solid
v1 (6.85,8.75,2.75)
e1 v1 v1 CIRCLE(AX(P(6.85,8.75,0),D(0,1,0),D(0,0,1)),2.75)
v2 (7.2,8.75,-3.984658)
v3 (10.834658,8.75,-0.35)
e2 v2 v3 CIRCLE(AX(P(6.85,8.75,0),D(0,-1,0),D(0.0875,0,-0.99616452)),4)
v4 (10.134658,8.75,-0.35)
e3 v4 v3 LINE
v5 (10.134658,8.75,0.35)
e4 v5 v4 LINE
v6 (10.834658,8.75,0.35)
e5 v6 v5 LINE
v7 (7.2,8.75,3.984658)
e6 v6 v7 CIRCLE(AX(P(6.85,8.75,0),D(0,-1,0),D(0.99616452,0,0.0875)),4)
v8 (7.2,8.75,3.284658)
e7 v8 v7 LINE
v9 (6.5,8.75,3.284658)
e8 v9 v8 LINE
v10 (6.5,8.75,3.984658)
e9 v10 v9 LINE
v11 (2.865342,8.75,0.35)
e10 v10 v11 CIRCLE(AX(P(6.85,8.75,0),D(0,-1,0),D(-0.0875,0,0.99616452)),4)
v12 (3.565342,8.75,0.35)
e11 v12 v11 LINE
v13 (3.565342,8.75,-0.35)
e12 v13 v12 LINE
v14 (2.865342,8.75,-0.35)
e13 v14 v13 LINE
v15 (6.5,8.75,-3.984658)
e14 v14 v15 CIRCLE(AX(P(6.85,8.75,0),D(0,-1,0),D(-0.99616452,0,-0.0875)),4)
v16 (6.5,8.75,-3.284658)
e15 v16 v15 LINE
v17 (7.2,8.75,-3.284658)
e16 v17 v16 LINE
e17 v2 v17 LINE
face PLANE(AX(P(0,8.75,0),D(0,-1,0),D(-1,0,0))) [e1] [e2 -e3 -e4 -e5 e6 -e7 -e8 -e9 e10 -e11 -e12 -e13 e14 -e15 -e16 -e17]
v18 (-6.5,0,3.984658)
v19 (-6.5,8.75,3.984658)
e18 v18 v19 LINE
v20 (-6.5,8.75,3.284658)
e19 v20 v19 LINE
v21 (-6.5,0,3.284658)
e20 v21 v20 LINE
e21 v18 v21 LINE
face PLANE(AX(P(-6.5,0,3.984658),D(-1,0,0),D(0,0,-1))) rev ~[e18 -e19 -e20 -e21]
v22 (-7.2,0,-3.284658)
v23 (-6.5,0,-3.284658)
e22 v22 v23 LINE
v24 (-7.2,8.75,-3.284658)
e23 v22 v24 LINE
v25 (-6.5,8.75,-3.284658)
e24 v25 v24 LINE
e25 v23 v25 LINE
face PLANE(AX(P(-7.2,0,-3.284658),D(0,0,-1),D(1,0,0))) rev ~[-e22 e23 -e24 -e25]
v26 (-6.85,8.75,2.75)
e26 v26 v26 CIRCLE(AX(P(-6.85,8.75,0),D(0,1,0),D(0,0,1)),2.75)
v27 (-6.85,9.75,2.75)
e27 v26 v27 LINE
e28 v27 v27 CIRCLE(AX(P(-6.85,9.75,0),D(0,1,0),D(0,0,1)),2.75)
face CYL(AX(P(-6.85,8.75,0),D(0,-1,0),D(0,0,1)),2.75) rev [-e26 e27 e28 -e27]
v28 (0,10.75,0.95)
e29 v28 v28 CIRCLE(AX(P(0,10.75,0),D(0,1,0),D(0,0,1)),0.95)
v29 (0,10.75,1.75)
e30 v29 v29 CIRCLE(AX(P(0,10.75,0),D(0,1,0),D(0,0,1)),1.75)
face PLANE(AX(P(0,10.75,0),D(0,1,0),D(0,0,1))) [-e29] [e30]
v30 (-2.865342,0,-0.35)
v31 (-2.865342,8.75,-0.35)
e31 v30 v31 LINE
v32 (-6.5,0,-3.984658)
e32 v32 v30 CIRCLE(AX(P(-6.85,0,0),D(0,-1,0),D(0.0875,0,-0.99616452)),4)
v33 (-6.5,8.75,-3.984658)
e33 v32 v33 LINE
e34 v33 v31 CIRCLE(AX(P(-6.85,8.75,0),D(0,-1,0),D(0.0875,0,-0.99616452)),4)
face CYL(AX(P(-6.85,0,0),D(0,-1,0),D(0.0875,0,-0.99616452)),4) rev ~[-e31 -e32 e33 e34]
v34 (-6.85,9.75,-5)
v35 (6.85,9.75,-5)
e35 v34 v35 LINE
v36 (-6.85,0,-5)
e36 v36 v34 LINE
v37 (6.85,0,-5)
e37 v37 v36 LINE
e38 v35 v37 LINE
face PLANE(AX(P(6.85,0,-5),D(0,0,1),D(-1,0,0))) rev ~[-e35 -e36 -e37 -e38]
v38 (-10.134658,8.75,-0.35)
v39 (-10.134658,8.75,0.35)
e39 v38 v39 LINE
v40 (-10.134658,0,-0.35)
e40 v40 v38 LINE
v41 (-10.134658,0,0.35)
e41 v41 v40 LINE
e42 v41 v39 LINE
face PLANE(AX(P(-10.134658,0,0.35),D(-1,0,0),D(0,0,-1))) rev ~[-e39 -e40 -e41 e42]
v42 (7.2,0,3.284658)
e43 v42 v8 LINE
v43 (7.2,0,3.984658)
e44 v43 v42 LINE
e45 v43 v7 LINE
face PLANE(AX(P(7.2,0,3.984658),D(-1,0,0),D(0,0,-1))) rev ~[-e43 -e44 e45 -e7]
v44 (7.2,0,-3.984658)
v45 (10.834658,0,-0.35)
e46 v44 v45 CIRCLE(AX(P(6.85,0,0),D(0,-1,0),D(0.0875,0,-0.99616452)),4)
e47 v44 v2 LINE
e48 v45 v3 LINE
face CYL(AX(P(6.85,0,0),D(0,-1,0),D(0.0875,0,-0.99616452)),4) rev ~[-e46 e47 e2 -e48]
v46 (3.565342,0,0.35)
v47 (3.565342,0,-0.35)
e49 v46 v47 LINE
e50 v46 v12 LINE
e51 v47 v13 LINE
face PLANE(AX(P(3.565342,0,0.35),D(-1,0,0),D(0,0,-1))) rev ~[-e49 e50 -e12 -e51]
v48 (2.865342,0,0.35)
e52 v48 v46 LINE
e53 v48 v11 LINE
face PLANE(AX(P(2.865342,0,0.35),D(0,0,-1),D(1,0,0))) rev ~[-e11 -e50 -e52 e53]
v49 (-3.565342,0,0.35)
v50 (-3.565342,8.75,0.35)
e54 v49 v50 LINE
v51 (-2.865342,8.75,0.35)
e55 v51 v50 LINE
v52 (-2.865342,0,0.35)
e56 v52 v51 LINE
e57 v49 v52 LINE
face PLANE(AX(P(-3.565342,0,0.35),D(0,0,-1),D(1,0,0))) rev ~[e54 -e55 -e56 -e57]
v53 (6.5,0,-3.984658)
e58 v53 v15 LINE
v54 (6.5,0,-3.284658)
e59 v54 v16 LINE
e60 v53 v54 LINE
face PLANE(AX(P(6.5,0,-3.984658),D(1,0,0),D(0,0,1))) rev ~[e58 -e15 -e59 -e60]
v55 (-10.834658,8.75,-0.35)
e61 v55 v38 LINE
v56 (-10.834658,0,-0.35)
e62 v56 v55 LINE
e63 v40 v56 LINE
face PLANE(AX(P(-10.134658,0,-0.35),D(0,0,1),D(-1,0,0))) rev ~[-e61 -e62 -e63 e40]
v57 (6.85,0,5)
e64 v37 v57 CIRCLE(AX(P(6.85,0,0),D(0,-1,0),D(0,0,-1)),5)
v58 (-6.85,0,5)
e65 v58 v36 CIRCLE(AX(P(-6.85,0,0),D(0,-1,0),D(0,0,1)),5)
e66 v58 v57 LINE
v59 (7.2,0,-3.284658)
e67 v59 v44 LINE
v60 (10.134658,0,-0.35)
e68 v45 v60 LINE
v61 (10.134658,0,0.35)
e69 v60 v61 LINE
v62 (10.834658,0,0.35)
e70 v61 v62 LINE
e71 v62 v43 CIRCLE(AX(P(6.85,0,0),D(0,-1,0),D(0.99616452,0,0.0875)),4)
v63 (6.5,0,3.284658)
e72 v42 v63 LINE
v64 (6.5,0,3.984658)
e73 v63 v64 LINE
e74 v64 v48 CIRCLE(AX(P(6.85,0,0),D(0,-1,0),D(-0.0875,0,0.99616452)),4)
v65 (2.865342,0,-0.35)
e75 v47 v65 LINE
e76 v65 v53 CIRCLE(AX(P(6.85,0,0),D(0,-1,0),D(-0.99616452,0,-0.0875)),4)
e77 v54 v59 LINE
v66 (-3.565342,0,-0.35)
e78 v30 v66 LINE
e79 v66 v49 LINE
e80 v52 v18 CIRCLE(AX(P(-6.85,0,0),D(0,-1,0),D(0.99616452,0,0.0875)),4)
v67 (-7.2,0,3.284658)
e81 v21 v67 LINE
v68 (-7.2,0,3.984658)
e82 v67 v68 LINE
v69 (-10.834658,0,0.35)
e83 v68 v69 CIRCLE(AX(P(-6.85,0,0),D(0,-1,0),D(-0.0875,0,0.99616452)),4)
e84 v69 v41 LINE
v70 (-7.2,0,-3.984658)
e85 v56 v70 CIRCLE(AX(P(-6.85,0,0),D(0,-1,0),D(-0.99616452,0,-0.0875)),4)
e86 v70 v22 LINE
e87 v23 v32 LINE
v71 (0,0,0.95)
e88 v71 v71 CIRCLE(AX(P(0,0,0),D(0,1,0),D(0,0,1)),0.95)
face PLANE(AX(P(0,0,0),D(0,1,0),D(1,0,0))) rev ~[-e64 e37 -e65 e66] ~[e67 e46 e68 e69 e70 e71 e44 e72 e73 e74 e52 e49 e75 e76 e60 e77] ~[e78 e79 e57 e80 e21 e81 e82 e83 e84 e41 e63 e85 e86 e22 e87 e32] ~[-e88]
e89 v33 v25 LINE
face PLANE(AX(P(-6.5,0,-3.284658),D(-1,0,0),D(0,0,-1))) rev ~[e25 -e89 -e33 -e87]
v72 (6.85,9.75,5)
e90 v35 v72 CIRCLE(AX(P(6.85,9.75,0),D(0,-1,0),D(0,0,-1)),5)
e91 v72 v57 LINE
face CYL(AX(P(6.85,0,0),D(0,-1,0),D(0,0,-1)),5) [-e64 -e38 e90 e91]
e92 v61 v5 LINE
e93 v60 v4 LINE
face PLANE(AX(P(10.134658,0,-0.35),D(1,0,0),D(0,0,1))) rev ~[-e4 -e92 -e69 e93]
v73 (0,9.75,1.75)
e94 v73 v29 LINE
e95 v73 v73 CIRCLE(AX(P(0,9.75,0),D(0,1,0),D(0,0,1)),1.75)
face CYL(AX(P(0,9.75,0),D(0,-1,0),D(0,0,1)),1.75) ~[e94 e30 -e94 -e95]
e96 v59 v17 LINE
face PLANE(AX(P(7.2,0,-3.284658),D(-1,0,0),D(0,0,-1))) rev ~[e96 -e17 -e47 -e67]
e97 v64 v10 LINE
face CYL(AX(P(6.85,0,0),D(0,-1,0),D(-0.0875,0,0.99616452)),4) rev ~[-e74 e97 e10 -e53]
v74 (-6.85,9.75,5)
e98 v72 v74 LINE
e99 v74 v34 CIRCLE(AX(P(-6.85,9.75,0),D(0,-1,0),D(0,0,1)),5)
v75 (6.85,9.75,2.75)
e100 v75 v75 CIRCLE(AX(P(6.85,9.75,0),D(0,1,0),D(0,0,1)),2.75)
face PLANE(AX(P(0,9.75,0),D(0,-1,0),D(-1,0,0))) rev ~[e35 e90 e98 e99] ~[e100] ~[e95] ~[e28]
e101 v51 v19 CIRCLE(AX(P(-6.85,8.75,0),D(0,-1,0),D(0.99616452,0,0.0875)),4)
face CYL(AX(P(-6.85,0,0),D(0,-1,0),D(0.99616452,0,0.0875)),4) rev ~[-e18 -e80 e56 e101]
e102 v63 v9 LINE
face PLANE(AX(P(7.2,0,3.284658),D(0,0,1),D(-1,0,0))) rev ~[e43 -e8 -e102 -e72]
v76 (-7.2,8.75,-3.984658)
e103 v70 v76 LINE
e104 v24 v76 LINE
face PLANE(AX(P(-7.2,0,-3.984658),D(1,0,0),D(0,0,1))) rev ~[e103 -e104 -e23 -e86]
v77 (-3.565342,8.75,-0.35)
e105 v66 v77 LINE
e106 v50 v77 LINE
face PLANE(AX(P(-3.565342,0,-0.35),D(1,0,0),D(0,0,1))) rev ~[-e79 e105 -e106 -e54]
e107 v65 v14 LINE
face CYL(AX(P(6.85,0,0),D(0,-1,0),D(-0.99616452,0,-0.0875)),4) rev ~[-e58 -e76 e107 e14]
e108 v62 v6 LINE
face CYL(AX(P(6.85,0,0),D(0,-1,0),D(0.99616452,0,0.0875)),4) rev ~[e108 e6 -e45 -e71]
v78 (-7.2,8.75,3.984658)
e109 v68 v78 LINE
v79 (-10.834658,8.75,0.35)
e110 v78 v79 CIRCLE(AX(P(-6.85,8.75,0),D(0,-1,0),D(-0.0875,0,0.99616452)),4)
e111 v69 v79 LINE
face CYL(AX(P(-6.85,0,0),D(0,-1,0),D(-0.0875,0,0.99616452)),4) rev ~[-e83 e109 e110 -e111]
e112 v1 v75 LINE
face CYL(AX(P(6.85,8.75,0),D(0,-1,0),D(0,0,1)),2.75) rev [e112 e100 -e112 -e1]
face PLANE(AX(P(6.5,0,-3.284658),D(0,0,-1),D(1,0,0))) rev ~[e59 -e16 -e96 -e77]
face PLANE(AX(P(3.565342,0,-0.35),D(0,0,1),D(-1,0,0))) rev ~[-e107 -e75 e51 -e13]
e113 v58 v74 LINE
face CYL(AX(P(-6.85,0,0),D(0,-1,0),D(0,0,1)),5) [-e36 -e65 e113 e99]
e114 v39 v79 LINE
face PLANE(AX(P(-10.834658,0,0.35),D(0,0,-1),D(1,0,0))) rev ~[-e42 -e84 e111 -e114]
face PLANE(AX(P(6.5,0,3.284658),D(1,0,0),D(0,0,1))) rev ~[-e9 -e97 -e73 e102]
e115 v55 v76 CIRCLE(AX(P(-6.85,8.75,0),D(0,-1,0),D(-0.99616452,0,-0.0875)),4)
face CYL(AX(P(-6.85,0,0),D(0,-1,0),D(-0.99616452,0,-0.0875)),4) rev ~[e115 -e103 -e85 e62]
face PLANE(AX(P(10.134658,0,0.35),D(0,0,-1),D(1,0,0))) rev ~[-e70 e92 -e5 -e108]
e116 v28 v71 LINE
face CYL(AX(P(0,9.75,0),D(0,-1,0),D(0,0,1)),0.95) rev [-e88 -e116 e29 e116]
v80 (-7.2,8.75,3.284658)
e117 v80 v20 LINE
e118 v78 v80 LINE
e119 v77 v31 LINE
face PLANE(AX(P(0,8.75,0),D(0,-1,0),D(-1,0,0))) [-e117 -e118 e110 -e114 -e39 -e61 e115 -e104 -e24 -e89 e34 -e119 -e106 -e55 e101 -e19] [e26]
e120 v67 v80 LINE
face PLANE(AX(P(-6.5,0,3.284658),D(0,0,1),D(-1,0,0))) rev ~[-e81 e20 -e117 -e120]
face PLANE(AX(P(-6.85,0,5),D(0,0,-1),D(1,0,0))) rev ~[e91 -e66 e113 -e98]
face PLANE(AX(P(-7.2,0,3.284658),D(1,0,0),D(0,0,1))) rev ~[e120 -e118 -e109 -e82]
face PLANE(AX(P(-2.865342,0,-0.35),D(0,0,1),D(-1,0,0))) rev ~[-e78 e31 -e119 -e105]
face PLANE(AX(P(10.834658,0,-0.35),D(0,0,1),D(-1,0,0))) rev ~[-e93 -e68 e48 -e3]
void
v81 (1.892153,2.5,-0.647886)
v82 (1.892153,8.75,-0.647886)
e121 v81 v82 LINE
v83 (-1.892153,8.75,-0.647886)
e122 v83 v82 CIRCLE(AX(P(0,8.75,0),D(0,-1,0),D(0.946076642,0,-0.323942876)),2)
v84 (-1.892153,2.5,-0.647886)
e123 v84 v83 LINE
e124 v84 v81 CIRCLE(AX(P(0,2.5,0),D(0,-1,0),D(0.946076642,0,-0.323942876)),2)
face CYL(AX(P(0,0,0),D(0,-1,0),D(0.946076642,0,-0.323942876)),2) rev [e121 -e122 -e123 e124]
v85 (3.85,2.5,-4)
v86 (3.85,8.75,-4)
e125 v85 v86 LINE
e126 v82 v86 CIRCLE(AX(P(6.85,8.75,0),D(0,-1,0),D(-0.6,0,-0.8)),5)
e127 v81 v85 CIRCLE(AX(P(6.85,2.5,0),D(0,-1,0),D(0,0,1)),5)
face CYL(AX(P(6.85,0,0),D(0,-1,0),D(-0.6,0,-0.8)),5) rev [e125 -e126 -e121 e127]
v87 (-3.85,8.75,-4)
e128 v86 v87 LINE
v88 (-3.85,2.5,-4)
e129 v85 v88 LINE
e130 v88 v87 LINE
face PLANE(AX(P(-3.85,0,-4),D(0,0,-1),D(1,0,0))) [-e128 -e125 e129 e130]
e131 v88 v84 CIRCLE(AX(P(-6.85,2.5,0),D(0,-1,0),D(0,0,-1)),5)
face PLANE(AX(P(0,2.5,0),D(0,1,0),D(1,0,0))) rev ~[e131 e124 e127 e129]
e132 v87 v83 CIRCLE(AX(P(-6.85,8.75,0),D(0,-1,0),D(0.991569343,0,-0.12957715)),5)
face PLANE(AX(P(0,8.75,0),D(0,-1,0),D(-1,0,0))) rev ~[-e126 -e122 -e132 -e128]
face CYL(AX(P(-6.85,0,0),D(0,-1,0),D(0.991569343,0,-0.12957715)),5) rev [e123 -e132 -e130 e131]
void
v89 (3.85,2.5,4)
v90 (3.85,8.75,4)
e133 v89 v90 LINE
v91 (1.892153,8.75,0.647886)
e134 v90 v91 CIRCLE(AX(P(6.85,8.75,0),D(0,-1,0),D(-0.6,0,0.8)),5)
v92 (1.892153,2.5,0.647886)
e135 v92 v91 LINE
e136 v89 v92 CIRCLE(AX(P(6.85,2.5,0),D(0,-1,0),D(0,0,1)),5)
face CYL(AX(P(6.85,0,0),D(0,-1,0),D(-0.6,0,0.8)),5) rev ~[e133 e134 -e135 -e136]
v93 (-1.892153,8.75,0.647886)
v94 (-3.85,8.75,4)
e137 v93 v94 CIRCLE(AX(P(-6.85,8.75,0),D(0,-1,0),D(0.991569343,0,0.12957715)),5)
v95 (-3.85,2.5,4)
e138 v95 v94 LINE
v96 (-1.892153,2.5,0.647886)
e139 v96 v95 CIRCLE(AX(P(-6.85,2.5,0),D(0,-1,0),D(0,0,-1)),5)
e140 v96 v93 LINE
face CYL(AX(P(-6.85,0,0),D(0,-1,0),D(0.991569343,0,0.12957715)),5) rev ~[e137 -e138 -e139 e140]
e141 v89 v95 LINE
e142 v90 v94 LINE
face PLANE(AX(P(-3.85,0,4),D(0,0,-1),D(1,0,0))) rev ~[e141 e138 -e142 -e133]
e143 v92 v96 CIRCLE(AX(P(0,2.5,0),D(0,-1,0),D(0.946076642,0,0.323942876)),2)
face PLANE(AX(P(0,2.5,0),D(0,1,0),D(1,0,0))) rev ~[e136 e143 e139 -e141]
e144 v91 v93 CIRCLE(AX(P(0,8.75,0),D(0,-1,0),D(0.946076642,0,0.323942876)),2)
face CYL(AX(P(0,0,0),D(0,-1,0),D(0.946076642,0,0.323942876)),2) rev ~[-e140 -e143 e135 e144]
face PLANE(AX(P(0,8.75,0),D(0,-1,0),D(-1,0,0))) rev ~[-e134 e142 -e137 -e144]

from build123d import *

# Parameters (mm, degrees)
SKETCH1_R           = 0.95
BOSS_EXTRUDE1_DEPTH = 2.5
SKETCH2_R           = 0.95
BOSS_EXTRUDE2_DEPTH = 9.75
BOSS_EXTRUDE3_START = -1
SKETCH3_R           = 0.95
SKETCH3_R_2         = 2.75
BOSS_EXTRUDE3_DEPTH = 1
SKETCH4_R           = 1.75
SKETCH4_R_2         = 0.95
BOSS_EXTRUDE4_DEPTH = 1


with BuildPart() as part:
    # Sketch1 → Boss-Extrude1 (new body)
    with BuildSketch(Plane(origin=(0, 0, 0), x_dir=(1, 0, 0), z_dir=(0, 1, 0))):
        with BuildLine():
            Line((6.85, 5), (2.25, 5))
            Line((2.25, 5), (-2.25, 5))
            Line((-2.25, 5), (-6.85, 5))
            ThreePointArc((-6.85, 5), (-1.85, 0), (-6.85, -5))
            Line((-6.85, -5), (-2.35, -5))
            Line((-2.35, -5), (2.35, -5))
            Line((2.35, -5), (6.85, -5))
            ThreePointArc((6.85, -5), (1.85, 0), (6.85, 5))
        make_face()
        with Locations(Location((0, 0, 0), (0, 0, 270))):
            Circle(SKETCH1_R, mode=Mode.SUBTRACT)
    extrude(amount=BOSS_EXTRUDE1_DEPTH)

    # Sketch2 → Boss-Extrude2 (add)
    with BuildSketch(Plane(origin=(0, 0, 0), x_dir=(1, 0, 0), z_dir=(0, 1, 0))):
        with BuildLine():
            Line((-6.85, 5), (6.85, 5))
            ThreePointArc((6.85, 5), (11.85, 0), (6.85, -5))
            Line((6.85, -5), (-6.85, -5))
            ThreePointArc((-6.85, -5), (-11.85, 0), (-6.85, 5))
        make_face()
        with Locations(Location((0, 0, 0), (0, 0, 270))):
            Circle(SKETCH2_R, mode=Mode.SUBTRACT)
        with BuildLine():
            Line((-7.2, 3.984658078), (-7.2, 3.284658078))
            Line((-7.2, 3.284658078), (-6.5, 3.284658078))
            Line((-6.5, 3.284658078), (-6.5, 3.984658078))
            ThreePointArc((-6.5, 3.984658078), (-4.021572875, 2.828427125), (-2.865341922, 0.35))
            Line((-2.865341922, 0.35), (-3.565341922, 0.35))
            Line((-3.565341922, 0.35), (-3.565341922, -0.35))
            Line((-3.565341922, -0.35), (-2.865341922, -0.35))
            ThreePointArc((-2.865341922, -0.35), (-4.021572875, -2.828427125), (-6.5, -3.984658078))
            Line((-6.5, -3.984658078), (-6.5, -3.284658078))
            Line((-6.5, -3.284658078), (-7.2, -3.284658078))
            Line((-7.2, -3.284658078), (-7.2, -3.984658078))
            ThreePointArc((-7.2, -3.984658078), (-9.678427125, -2.828427125), (-10.834658078, -0.35))
            Line((-10.834658078, -0.35), (-10.134658078, -0.35))
            Line((-10.134658078, -0.35), (-10.134658078, 0.35))
            Line((-10.134658078, 0.35), (-10.834658078, 0.35))
            ThreePointArc((-10.834658078, 0.35), (-9.678427125, 2.828427125), (-7.2, 3.984658078))
        make_face(mode=Mode.SUBTRACT)
        with BuildLine():
            Line((-3.85, 4), (3.85, 4))
            ThreePointArc((3.85, 4), (2.532477728, 2.521706056), (1.892153285, 0.647885752))
            ThreePointArc((1.892153285, 0.647885752), (0, 2), (-1.892153285, 0.647885752))
            ThreePointArc((-1.892153285, 0.647885752), (-2.532477728, 2.521706056), (-3.85, 4))
        make_face(mode=Mode.SUBTRACT)
        with BuildLine():
            Line((-3.85, -4), (3.85, -4))
            ThreePointArc((3.85, -4), (2.532477728, -2.521706056), (1.892153285, -0.647885752))
            ThreePointArc((1.892153285, -0.647885752), (0, -2), (-1.892153285, -0.647885752))
            ThreePointArc((-1.892153285, -0.647885752), (-2.532477728, -2.521706056), (-3.85, -4))
        make_face(mode=Mode.SUBTRACT)
        with BuildLine():
            Line((6.5, 3.984658078), (6.5, 3.284658078))
            Line((6.5, 3.284658078), (7.2, 3.284658078))
            Line((7.2, 3.284658078), (7.2, 3.984658078))
            ThreePointArc((7.2, 3.984658078), (9.678427125, 2.828427125), (10.834658078, 0.35))
            Line((10.834658078, 0.35), (10.134658078, 0.35))
            Line((10.134658078, 0.35), (10.134658078, -0.35))
            Line((10.134658078, -0.35), (10.834658078, -0.35))
            ThreePointArc((10.834658078, -0.35), (9.678427125, -2.828427125), (7.2, -3.984658078))
            Line((7.2, -3.984658078), (7.2, -3.284658078))
            Line((7.2, -3.284658078), (6.5, -3.284658078))
            Line((6.5, -3.284658078), (6.5, -3.984658078))
            ThreePointArc((6.5, -3.984658078), (4.021572875, -2.828427125), (2.865341922, -0.35))
            Line((2.865341922, -0.35), (3.565341922, -0.35))
            Line((3.565341922, -0.35), (3.565341922, 0.35))
            Line((3.565341922, 0.35), (2.865341922, 0.35))
            ThreePointArc((2.865341922, 0.35), (4.021572875, 2.828427125), (6.5, 3.984658078))
        make_face(mode=Mode.SUBTRACT)
    extrude(amount=BOSS_EXTRUDE2_DEPTH)

    # Sketch3 → Boss-Extrude3 (add)
    with BuildSketch(Plane(origin=(0, 9.75, 0), x_dir=(1, 0, 0), z_dir=(0, 1, 0)).offset(BOSS_EXTRUDE3_START)):
        with BuildLine():
            Line((-6.85, 5), (6.85, 5))
            ThreePointArc((6.85, 5), (11.85, 0), (6.85, -5))
            Line((6.85, -5), (-6.85, -5))
            ThreePointArc((-6.85, -5), (-11.85, 0), (-6.85, 5))
        make_face()
        with Locations(Location((0, 0, 0), (0, 0, 270))):
            Circle(SKETCH3_R, mode=Mode.SUBTRACT)
        with Locations(Location((-6.85, 0, 0), (0, 0, 270))):
            Circle(SKETCH3_R_2, mode=Mode.SUBTRACT)
        with Locations(Location((6.85, 0, 0), (0, 0, 270))):
            Circle(SKETCH3_R_2, mode=Mode.SUBTRACT)
    extrude(amount=BOSS_EXTRUDE3_DEPTH)

    # Sketch4 → Boss-Extrude4 (add)
    with BuildSketch(Plane(origin=(0, 9.75, 0), x_dir=(1, 0, 0), z_dir=(0, 1, 0))):
        with Locations(Location((0, 0, 0), (0, 0, 270))):
            Circle(SKETCH4_R)
        with Locations(Location((0, 0, 0), (0, 0, 270))):
            Circle(SKETCH4_R_2, mode=Mode.SUBTRACT)
    extrude(amount=BOSS_EXTRUDE4_DEPTH)


solid = part.part
